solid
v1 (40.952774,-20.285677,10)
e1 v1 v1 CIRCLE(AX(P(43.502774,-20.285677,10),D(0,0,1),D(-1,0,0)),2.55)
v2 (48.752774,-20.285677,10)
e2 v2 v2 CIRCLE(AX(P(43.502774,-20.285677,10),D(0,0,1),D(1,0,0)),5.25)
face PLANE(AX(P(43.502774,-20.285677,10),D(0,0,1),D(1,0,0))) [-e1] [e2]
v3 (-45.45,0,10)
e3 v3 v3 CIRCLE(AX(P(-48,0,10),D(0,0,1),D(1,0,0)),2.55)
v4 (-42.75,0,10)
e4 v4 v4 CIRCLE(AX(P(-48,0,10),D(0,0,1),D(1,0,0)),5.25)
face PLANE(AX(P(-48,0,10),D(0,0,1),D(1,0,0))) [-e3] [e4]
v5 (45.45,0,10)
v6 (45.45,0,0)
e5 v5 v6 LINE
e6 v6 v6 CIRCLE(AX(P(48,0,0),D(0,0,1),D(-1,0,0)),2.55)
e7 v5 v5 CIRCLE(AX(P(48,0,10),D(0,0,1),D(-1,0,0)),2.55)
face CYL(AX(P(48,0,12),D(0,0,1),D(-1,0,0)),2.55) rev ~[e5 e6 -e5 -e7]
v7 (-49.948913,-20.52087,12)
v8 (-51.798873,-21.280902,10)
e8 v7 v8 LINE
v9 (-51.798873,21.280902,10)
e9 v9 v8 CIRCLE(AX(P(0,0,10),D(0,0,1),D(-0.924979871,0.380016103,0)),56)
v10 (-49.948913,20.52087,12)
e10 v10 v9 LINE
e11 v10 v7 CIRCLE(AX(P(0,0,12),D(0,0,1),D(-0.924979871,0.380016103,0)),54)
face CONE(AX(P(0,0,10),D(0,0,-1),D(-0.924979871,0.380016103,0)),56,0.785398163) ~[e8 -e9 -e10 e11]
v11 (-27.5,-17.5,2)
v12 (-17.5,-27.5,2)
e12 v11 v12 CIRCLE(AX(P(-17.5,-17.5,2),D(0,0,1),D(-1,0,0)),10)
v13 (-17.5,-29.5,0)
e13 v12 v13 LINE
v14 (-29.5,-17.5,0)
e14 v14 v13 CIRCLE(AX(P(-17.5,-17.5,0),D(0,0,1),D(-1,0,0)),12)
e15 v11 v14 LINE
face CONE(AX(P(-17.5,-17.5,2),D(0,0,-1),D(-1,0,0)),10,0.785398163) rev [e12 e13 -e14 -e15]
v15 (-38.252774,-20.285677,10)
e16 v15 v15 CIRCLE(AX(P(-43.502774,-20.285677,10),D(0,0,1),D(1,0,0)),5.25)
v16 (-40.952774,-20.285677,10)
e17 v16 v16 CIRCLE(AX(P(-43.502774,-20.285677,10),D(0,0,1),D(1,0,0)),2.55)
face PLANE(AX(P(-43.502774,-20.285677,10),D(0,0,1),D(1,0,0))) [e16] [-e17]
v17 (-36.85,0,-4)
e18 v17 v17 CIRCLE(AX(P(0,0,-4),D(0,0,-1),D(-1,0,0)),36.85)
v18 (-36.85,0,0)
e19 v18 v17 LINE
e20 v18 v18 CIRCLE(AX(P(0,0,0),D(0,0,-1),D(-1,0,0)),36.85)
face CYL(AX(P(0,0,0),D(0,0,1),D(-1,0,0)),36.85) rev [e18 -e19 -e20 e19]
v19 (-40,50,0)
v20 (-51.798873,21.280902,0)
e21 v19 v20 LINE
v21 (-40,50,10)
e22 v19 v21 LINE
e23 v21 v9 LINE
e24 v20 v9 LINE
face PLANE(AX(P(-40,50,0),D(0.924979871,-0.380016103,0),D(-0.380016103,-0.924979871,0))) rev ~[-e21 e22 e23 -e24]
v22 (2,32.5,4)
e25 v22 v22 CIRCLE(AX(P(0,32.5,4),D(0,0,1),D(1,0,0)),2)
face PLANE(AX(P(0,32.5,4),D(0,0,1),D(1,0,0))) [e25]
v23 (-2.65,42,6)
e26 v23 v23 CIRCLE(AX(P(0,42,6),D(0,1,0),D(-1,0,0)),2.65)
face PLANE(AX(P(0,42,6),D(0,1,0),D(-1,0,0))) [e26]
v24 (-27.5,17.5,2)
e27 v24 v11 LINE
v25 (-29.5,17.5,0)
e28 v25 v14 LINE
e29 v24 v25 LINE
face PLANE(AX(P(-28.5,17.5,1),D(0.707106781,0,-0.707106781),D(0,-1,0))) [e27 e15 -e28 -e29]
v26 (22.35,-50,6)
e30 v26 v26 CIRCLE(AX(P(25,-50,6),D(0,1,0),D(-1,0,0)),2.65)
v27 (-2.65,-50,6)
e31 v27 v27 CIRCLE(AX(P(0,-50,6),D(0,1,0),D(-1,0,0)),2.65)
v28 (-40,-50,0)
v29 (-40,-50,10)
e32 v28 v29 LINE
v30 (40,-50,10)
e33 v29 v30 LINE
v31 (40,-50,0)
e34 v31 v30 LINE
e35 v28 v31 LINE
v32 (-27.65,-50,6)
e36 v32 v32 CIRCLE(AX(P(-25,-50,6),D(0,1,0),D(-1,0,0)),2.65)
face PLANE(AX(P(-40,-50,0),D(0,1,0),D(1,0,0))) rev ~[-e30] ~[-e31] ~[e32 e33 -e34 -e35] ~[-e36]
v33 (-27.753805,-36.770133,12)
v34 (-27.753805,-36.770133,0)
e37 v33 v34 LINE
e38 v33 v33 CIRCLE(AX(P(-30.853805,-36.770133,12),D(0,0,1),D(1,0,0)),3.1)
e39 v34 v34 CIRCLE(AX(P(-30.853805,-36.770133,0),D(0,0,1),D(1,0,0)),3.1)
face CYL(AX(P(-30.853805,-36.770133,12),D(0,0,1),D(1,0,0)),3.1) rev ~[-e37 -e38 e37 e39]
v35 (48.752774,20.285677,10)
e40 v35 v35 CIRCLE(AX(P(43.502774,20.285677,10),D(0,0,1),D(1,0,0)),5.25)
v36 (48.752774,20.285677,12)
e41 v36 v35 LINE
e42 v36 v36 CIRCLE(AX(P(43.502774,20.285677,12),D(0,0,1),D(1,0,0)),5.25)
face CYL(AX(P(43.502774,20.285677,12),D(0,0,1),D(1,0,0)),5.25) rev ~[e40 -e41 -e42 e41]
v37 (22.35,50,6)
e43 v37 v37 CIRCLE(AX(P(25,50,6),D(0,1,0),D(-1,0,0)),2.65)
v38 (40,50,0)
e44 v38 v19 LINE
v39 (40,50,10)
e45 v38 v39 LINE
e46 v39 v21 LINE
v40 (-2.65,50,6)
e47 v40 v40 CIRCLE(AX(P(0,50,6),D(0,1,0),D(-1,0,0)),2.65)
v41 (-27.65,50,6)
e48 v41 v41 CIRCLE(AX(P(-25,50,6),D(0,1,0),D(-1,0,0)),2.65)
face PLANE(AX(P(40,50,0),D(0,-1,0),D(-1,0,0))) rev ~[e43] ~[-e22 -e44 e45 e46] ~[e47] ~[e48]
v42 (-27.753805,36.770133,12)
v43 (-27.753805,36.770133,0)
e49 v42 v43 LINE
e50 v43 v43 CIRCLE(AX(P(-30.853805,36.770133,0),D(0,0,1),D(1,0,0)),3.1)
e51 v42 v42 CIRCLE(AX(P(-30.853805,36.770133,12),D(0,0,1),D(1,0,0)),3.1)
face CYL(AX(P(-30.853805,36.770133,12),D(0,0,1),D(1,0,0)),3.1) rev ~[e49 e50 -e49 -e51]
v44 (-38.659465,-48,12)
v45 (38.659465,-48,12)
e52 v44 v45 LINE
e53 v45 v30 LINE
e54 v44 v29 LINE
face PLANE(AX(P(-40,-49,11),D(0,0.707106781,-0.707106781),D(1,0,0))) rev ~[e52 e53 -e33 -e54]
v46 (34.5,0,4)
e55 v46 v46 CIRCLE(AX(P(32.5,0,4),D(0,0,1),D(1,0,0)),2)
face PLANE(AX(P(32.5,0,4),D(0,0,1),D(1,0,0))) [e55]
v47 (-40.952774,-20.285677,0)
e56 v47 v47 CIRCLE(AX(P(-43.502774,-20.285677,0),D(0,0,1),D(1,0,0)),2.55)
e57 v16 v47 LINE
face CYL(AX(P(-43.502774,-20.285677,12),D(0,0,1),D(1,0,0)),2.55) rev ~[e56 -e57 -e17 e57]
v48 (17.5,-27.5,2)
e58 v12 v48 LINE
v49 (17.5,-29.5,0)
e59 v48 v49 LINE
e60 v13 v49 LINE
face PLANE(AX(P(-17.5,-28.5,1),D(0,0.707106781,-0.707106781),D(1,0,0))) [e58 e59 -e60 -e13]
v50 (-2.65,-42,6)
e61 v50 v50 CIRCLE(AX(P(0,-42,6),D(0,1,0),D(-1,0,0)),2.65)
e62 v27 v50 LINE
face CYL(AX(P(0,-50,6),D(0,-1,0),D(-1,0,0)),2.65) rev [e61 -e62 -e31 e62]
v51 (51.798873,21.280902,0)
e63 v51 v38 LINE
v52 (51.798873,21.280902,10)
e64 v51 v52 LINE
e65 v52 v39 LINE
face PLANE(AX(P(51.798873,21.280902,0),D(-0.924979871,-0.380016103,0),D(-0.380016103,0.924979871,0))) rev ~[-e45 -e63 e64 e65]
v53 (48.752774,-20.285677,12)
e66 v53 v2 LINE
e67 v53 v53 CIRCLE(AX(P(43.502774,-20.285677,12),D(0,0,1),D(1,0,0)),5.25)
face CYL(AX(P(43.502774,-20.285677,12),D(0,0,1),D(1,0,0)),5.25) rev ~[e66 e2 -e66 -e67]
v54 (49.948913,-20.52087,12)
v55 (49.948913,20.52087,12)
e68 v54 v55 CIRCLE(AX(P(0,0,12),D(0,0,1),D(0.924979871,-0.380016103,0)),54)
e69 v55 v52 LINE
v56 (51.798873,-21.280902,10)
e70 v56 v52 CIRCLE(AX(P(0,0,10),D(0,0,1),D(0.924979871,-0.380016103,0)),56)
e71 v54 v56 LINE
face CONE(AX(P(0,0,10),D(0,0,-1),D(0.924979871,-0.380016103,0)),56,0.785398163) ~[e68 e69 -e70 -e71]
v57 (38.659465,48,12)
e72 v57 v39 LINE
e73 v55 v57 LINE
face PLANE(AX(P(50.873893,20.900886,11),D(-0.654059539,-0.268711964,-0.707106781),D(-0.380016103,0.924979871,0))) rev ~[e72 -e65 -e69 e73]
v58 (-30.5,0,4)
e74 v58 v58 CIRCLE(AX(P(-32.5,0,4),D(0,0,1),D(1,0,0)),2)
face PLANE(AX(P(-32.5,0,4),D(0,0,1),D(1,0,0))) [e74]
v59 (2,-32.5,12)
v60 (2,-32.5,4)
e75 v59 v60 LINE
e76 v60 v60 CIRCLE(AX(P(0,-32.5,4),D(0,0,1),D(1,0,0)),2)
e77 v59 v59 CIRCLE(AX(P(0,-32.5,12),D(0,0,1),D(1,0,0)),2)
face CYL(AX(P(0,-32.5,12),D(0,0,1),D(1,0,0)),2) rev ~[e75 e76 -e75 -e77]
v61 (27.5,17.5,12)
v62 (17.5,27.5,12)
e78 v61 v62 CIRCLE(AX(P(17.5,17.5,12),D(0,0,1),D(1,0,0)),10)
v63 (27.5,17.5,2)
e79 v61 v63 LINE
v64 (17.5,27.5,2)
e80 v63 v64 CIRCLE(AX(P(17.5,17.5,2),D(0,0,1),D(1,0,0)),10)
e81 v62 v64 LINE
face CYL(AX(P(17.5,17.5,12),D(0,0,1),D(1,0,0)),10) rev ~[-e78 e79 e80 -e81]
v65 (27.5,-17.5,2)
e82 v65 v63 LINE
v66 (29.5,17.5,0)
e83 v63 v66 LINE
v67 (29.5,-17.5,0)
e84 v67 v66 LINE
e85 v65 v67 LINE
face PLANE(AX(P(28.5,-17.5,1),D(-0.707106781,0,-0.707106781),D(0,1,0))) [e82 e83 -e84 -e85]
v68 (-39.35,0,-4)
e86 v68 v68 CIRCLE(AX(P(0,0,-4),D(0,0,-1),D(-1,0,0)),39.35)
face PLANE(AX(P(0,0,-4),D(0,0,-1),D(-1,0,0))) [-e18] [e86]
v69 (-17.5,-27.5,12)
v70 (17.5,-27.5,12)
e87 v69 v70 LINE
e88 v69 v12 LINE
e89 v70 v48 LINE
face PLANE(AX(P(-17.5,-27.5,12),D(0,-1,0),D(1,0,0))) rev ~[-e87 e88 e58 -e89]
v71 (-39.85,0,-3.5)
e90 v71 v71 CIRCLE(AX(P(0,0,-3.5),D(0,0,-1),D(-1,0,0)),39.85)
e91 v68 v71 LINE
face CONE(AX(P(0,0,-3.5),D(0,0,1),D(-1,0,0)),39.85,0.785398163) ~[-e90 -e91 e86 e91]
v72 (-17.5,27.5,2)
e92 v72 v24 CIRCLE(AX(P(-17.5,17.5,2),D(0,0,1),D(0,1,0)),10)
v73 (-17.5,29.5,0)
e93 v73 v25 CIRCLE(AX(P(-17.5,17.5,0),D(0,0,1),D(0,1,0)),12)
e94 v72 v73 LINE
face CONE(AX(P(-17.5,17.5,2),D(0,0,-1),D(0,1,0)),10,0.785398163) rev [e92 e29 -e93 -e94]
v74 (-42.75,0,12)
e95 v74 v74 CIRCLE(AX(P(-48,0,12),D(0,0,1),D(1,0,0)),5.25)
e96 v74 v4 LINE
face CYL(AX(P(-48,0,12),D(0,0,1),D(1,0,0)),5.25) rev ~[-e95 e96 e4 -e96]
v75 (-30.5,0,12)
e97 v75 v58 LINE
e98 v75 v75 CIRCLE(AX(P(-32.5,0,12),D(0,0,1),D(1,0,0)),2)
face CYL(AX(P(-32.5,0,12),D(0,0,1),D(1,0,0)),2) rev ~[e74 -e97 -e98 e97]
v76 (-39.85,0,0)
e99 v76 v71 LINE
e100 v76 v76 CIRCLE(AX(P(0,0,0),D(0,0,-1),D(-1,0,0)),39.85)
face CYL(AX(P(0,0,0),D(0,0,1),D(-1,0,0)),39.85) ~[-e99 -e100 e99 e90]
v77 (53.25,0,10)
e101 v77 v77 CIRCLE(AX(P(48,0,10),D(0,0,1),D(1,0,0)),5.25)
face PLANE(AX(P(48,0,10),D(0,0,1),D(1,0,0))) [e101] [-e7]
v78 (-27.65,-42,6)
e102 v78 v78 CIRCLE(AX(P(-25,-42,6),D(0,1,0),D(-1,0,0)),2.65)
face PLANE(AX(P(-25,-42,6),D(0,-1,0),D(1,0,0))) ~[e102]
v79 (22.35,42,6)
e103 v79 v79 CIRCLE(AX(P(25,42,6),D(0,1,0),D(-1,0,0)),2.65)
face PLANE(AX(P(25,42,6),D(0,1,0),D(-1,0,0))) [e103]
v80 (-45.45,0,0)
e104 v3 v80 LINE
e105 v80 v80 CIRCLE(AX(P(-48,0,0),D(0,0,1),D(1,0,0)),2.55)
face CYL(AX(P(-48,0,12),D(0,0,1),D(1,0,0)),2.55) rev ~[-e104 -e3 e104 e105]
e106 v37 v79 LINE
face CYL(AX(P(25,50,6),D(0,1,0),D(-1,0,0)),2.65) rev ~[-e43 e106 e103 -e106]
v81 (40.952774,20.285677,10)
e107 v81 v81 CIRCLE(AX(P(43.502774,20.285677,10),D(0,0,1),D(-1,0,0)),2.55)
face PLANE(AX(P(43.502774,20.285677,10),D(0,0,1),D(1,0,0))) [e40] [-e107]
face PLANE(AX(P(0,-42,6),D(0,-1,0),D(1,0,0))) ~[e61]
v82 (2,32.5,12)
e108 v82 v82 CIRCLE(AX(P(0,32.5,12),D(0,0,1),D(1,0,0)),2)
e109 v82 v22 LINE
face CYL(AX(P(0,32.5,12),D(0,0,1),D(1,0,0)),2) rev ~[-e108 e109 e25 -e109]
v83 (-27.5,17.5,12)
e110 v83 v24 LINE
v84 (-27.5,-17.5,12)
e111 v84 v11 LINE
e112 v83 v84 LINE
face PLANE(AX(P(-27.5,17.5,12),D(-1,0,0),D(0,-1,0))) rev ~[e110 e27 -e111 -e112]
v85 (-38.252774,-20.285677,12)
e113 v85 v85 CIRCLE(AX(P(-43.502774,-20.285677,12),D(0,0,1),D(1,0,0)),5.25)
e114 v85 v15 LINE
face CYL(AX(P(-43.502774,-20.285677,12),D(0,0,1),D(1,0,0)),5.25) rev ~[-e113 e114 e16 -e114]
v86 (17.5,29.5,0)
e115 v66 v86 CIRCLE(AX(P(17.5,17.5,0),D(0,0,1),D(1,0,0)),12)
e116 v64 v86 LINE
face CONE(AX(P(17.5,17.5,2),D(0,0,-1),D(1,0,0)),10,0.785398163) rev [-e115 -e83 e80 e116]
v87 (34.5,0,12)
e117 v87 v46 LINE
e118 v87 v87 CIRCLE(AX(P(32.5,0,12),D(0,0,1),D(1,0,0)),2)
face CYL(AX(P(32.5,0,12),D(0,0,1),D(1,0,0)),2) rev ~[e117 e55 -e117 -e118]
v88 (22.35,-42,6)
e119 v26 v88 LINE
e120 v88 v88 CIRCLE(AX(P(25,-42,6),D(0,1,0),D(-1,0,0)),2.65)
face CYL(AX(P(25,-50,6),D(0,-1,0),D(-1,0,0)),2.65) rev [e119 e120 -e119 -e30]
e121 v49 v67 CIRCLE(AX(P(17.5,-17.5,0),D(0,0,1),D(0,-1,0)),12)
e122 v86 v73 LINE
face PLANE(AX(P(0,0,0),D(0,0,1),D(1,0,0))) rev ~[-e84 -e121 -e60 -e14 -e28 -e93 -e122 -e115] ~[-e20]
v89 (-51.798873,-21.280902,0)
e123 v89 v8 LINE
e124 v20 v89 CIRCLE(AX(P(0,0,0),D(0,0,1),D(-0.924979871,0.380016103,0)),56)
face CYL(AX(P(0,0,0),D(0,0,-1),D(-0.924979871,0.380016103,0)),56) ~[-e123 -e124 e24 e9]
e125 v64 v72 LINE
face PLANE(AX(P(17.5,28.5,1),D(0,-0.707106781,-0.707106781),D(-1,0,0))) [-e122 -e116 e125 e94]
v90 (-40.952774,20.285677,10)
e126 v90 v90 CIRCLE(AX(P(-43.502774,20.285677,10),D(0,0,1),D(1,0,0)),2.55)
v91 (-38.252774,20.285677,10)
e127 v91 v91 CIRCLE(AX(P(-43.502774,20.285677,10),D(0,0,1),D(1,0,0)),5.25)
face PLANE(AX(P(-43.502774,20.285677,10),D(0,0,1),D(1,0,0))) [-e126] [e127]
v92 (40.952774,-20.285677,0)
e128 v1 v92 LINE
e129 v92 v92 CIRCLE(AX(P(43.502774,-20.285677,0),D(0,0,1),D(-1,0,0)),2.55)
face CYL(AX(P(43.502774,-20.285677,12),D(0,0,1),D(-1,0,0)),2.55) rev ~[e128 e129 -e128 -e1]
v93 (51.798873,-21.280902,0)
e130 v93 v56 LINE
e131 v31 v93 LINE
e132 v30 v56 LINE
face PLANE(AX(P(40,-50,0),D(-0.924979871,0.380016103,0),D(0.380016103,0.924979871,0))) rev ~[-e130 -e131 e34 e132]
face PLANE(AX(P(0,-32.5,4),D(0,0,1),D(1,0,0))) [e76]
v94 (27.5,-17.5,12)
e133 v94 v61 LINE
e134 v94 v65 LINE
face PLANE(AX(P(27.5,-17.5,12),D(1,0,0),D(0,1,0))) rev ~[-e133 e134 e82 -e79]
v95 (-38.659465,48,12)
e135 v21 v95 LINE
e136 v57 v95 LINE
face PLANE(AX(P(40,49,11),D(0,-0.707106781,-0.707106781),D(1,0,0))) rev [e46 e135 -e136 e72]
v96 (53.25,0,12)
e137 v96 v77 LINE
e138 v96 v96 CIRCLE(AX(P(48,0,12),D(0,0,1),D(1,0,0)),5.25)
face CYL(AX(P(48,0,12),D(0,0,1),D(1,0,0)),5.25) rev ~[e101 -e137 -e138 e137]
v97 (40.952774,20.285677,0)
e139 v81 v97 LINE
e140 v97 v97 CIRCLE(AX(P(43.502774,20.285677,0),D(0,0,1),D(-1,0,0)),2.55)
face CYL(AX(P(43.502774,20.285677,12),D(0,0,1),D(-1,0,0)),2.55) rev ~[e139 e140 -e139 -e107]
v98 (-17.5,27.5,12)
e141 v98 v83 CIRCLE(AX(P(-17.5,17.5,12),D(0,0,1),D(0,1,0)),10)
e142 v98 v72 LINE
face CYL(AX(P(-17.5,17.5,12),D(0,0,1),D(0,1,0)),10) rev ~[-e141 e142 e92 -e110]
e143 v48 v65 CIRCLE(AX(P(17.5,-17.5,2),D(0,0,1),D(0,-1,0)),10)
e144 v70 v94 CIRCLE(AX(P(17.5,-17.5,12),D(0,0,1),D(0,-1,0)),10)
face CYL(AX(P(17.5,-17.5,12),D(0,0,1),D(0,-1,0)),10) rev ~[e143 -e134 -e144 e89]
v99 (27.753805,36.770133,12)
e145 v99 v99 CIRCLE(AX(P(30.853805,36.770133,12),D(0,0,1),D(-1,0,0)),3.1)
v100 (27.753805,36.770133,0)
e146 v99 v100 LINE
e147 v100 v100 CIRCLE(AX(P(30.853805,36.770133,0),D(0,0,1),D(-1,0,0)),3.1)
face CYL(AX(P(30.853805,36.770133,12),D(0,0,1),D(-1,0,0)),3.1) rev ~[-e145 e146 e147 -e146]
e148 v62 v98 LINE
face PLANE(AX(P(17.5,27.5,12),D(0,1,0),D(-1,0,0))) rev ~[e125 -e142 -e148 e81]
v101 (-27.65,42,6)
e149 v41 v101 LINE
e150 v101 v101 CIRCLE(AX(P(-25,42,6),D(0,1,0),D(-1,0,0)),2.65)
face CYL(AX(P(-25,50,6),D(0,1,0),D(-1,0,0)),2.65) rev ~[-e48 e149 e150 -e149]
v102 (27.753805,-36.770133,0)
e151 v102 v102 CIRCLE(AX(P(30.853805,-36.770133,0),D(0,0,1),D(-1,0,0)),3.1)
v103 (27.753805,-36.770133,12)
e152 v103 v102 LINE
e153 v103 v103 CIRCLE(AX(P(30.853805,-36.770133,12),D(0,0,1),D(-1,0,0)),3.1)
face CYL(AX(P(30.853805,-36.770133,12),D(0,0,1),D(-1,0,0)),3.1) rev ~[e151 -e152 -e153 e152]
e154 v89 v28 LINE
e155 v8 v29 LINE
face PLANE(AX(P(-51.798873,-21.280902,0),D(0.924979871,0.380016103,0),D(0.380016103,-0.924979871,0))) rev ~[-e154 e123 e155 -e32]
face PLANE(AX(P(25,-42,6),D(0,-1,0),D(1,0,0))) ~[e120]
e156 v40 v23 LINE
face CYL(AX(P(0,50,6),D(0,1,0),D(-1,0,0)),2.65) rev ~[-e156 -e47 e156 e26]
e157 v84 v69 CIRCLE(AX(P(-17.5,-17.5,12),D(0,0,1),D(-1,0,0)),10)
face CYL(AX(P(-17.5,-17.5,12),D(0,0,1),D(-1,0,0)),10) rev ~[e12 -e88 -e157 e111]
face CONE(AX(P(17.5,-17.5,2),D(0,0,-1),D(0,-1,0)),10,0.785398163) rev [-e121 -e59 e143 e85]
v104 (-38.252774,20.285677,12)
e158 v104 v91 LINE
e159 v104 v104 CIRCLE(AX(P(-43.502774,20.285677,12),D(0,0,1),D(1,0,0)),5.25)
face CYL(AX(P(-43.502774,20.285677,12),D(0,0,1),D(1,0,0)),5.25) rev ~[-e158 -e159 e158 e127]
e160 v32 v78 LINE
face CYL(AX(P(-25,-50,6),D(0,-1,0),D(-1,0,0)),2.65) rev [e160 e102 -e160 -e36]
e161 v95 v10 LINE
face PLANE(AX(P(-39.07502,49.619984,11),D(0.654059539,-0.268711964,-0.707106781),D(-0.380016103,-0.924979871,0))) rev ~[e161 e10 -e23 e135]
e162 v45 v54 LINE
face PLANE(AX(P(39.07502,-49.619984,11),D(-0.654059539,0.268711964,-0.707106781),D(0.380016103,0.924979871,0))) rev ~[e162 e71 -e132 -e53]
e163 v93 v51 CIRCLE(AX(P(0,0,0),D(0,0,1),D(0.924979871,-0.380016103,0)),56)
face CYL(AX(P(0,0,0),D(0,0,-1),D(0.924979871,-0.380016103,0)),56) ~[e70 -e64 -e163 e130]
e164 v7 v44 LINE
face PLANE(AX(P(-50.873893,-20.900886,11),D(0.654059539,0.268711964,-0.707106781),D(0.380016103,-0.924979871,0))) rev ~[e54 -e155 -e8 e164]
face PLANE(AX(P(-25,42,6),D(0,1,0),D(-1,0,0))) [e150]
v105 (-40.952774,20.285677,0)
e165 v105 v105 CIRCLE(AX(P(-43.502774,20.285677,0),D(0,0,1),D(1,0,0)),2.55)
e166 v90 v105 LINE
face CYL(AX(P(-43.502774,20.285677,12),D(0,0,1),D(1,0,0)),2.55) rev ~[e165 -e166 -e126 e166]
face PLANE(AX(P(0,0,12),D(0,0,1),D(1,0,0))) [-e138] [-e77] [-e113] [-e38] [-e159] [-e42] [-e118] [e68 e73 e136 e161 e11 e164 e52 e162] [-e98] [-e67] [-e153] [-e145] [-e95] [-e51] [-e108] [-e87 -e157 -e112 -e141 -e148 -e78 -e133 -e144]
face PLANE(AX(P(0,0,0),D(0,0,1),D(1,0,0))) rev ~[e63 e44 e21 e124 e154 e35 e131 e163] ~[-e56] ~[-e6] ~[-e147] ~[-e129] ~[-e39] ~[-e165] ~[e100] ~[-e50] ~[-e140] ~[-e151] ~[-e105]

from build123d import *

# Parameters (mm, degrees)
EXTRUDE_1_DEPTH     = 12
SKETCH_3_R          = 2.65
CUT_EXTRUDE_1_DEPTH = 8
SKETCH_5_R          = 2.55
SKETCH_5_R_2        = 3.1
CUT_EXTRUDE_2_DEPTH = 77.026311235
SKETCH_7_R          = 5.25
CUT_EXTRUDE_3_DEPTH = 2
CHAMFER_3_SIZE      = 2
CUT_EXTRUDE_4_DEPTH = 12
SKETCH_9_R          = 39.85
SKETCH_9_R_2        = 36.85
EXTRUDE_2_DEPTH     = 4
SKETCH_10_R         = 2
CUT_EXTRUDE_5_DEPTH = 8
CHAMFER_4_SIZE      = 2
CHAMFER_5_SIZE      = 0.5


with BuildPart() as part:
    # Эскиз2 → Бобышка-Вытянуть1 (new body)
    with BuildSketch(Plane.XY):
        with BuildLine():
            Line((40, 50), (-40, 50))
            Line((-40, 50), (-51.798872756, 21.280901795))
            ThreePointArc((-51.798872756, 21.280901795), (-56, 0), (-51.798872756, -21.280901795))
            Line((-51.798872756, -21.280901795), (-40, -50))
            Line((-40, -50), (40, -50))
            Line((40, -50), (51.798872756, -21.280901795))
            ThreePointArc((51.798872756, -21.280901795), (56, 0), (51.798872756, 21.280901795))
            Line((51.798872756, 21.280901795), (40, 50))
        make_face()
    extrude(amount=EXTRUDE_1_DEPTH)

    # Эскиз3 → Вырез-Вытянуть1 (cut)
    with BuildSketch(Plane(origin=(0, 50, 0), x_dir=(1, 0, 0), z_dir=(0, 1, 0))):
        with Locations(Location((-25, -6, 0), (0, 0, 180))):
            Circle(SKETCH_3_R)
        with Locations(Location((0, -6, 0), (0, 0, 180))):
            Circle(SKETCH_3_R)
        with Locations(Location((25, -6, 0), (0, 0, 180))):
            Circle(SKETCH_3_R)
    cut_extrude_1 = extrude(amount=-CUT_EXTRUDE_1_DEPTH, mode=Mode.SUBTRACT)

    # Зеркальное отражение1: Вырез-Вытянуть1 across plane
    add(cut_extrude_1.mirror(Plane.ZX), mode=Mode.SUBTRACT)

    # Эскиз5 → Вырез-Вытянуть2 (cut, through all)
    with BuildSketch(Plane.XY.offset(12)):
        with Locations((-48, 0)):
            Circle(SKETCH_5_R)
        with Locations((-43.502773778, 20.285676564)):
            Circle(SKETCH_5_R)
        with Locations((-43.502773778, -20.285676564)):
            Circle(SKETCH_5_R)
        with Locations((-30.853805265, -36.77013327)):
            Circle(SKETCH_5_R_2)
        with Locations((-30.853805265, 36.77013327)):
            Circle(SKETCH_5_R_2)
        with Locations(Location((30.853805265, 36.77013327, 0), (0, 0, 180))):
            Circle(SKETCH_5_R_2)
        with Locations(Location((30.853805265, -36.77013327, 0), (0, 0, 180))):
            Circle(SKETCH_5_R_2)
        with Locations(Location((43.502773778, -20.285676564, 0), (0, 0, 180))):
            Circle(SKETCH_5_R)
        with Locations(Location((43.502773778, 20.285676564, 0), (0, 0, 180))):
            Circle(SKETCH_5_R)
        with Locations(Location((48, 0, 0), (0, 0, 180))):
            Circle(SKETCH_5_R)
    extrude(amount=-CUT_EXTRUDE_2_DEPTH, mode=Mode.SUBTRACT)

    # Эскиз7 → Вырез-Вытянуть3 (cut)
    with BuildSketch(Plane.XY.offset(12)):
        with Locations((-43.502773778, 20.285676564)):
            Circle(SKETCH_7_R)
        with Locations((-48, 0)):
            Circle(SKETCH_7_R)
        with Locations((-43.502773778, -20.285676564)):
            Circle(SKETCH_7_R)
        with Locations((43.502773778, 20.285676564)):
            Circle(SKETCH_7_R)
        with Locations((48, 0)):
            Circle(SKETCH_7_R)
        with Locations((43.502773778, -20.285676564)):
            Circle(SKETCH_7_R)
    extrude(amount=-CUT_EXTRUDE_3_DEPTH, mode=Mode.SUBTRACT)

    # Фаска3
    chamfer_3_edges = [part.edges().sort_by_distance(p)[0] for p in [
        (0, -50, 12),
        (45.899436378, -35.640450898, 12),
        (56, 0, 12),
        (45.899436378, 35.640450898, 12),
        (0, 50, 12),
        (-45.899436378, 35.640450898, 12),
        (-56, 0, 12),
        (-45.899436378, -35.640450898, 12),
    ]]
    chamfer(chamfer_3_edges, length=CHAMFER_3_SIZE)

    # Эскиз8 → Вырез-Вытянуть4 (cut)
    with BuildSketch(Plane.XY.offset(12)):
        with BuildLine():
            Line((-17.5, -27.5), (17.5, -27.5))
            ThreePointArc((17.5, -27.5), (24.571067812, -24.571067812), (27.5, -17.5))
            Line((27.5, -17.5), (27.5, 17.5))
            ThreePointArc((27.5, 17.5), (24.571067812, 24.571067812), (17.5, 27.5))
            Line((17.5, 27.5), (-17.5, 27.5))
            ThreePointArc((-17.5, 27.5), (-24.571067812, 24.571067812), (-27.5, 17.5))
            Line((-27.5, 17.5), (-27.5, -17.5))
            ThreePointArc((-27.5, -17.5), (-24.571067812, -24.571067812), (-17.5, -27.5))
        make_face()
    extrude(amount=-CUT_EXTRUDE_4_DEPTH, mode=Mode.SUBTRACT)

    # Эскиз9 → Бобышка-Вытянуть2 (add)
    with BuildSketch(Plane(origin=(0, 0, 0), x_dir=(-1, 0, 0), z_dir=(0, 0, -1))):
        Circle(SKETCH_9_R)
        Circle(SKETCH_9_R_2, mode=Mode.SUBTRACT)
    extrude(amount=EXTRUDE_2_DEPTH)

    # Эскиз10 → Вырез-Вытянуть5 (cut)
    with BuildSketch(Plane.XY.offset(12)):
        with Locations((0, 32.5)):
            Circle(SKETCH_10_R)
        with Locations((32.5, 0)):
            Circle(SKETCH_10_R)
        with Locations((0, -32.5)):
            Circle(SKETCH_10_R)
        with Locations((-32.5, 0)):
            Circle(SKETCH_10_R)
    extrude(amount=-CUT_EXTRUDE_5_DEPTH, mode=Mode.SUBTRACT)

    # Фаска4
    chamfer_4_edges = [part.edges().sort_by_distance(p)[0] for p in [
        (24.571067812, 24.571067812, 0),
        (27.5, 0, 0),
        (24.571067812, -24.571067812, 0),
        (0, -27.5, 0),
        (-24.571067812, -24.571067812, 0),
        (-27.5, 0, 0),
        (-24.571067812, 24.571067812, 0),
        (0, 27.5, 0),
    ]]
    chamfer(chamfer_4_edges, length=CHAMFER_4_SIZE)

    # Фаска5
    chamfer_5_edges = [part.edges().sort_by_distance(p)[0] for p in [
        (39.85, 0, -4),
    ]]
    chamfer(chamfer_5_edges, length=CHAMFER_5_SIZE)


solid = part.part
